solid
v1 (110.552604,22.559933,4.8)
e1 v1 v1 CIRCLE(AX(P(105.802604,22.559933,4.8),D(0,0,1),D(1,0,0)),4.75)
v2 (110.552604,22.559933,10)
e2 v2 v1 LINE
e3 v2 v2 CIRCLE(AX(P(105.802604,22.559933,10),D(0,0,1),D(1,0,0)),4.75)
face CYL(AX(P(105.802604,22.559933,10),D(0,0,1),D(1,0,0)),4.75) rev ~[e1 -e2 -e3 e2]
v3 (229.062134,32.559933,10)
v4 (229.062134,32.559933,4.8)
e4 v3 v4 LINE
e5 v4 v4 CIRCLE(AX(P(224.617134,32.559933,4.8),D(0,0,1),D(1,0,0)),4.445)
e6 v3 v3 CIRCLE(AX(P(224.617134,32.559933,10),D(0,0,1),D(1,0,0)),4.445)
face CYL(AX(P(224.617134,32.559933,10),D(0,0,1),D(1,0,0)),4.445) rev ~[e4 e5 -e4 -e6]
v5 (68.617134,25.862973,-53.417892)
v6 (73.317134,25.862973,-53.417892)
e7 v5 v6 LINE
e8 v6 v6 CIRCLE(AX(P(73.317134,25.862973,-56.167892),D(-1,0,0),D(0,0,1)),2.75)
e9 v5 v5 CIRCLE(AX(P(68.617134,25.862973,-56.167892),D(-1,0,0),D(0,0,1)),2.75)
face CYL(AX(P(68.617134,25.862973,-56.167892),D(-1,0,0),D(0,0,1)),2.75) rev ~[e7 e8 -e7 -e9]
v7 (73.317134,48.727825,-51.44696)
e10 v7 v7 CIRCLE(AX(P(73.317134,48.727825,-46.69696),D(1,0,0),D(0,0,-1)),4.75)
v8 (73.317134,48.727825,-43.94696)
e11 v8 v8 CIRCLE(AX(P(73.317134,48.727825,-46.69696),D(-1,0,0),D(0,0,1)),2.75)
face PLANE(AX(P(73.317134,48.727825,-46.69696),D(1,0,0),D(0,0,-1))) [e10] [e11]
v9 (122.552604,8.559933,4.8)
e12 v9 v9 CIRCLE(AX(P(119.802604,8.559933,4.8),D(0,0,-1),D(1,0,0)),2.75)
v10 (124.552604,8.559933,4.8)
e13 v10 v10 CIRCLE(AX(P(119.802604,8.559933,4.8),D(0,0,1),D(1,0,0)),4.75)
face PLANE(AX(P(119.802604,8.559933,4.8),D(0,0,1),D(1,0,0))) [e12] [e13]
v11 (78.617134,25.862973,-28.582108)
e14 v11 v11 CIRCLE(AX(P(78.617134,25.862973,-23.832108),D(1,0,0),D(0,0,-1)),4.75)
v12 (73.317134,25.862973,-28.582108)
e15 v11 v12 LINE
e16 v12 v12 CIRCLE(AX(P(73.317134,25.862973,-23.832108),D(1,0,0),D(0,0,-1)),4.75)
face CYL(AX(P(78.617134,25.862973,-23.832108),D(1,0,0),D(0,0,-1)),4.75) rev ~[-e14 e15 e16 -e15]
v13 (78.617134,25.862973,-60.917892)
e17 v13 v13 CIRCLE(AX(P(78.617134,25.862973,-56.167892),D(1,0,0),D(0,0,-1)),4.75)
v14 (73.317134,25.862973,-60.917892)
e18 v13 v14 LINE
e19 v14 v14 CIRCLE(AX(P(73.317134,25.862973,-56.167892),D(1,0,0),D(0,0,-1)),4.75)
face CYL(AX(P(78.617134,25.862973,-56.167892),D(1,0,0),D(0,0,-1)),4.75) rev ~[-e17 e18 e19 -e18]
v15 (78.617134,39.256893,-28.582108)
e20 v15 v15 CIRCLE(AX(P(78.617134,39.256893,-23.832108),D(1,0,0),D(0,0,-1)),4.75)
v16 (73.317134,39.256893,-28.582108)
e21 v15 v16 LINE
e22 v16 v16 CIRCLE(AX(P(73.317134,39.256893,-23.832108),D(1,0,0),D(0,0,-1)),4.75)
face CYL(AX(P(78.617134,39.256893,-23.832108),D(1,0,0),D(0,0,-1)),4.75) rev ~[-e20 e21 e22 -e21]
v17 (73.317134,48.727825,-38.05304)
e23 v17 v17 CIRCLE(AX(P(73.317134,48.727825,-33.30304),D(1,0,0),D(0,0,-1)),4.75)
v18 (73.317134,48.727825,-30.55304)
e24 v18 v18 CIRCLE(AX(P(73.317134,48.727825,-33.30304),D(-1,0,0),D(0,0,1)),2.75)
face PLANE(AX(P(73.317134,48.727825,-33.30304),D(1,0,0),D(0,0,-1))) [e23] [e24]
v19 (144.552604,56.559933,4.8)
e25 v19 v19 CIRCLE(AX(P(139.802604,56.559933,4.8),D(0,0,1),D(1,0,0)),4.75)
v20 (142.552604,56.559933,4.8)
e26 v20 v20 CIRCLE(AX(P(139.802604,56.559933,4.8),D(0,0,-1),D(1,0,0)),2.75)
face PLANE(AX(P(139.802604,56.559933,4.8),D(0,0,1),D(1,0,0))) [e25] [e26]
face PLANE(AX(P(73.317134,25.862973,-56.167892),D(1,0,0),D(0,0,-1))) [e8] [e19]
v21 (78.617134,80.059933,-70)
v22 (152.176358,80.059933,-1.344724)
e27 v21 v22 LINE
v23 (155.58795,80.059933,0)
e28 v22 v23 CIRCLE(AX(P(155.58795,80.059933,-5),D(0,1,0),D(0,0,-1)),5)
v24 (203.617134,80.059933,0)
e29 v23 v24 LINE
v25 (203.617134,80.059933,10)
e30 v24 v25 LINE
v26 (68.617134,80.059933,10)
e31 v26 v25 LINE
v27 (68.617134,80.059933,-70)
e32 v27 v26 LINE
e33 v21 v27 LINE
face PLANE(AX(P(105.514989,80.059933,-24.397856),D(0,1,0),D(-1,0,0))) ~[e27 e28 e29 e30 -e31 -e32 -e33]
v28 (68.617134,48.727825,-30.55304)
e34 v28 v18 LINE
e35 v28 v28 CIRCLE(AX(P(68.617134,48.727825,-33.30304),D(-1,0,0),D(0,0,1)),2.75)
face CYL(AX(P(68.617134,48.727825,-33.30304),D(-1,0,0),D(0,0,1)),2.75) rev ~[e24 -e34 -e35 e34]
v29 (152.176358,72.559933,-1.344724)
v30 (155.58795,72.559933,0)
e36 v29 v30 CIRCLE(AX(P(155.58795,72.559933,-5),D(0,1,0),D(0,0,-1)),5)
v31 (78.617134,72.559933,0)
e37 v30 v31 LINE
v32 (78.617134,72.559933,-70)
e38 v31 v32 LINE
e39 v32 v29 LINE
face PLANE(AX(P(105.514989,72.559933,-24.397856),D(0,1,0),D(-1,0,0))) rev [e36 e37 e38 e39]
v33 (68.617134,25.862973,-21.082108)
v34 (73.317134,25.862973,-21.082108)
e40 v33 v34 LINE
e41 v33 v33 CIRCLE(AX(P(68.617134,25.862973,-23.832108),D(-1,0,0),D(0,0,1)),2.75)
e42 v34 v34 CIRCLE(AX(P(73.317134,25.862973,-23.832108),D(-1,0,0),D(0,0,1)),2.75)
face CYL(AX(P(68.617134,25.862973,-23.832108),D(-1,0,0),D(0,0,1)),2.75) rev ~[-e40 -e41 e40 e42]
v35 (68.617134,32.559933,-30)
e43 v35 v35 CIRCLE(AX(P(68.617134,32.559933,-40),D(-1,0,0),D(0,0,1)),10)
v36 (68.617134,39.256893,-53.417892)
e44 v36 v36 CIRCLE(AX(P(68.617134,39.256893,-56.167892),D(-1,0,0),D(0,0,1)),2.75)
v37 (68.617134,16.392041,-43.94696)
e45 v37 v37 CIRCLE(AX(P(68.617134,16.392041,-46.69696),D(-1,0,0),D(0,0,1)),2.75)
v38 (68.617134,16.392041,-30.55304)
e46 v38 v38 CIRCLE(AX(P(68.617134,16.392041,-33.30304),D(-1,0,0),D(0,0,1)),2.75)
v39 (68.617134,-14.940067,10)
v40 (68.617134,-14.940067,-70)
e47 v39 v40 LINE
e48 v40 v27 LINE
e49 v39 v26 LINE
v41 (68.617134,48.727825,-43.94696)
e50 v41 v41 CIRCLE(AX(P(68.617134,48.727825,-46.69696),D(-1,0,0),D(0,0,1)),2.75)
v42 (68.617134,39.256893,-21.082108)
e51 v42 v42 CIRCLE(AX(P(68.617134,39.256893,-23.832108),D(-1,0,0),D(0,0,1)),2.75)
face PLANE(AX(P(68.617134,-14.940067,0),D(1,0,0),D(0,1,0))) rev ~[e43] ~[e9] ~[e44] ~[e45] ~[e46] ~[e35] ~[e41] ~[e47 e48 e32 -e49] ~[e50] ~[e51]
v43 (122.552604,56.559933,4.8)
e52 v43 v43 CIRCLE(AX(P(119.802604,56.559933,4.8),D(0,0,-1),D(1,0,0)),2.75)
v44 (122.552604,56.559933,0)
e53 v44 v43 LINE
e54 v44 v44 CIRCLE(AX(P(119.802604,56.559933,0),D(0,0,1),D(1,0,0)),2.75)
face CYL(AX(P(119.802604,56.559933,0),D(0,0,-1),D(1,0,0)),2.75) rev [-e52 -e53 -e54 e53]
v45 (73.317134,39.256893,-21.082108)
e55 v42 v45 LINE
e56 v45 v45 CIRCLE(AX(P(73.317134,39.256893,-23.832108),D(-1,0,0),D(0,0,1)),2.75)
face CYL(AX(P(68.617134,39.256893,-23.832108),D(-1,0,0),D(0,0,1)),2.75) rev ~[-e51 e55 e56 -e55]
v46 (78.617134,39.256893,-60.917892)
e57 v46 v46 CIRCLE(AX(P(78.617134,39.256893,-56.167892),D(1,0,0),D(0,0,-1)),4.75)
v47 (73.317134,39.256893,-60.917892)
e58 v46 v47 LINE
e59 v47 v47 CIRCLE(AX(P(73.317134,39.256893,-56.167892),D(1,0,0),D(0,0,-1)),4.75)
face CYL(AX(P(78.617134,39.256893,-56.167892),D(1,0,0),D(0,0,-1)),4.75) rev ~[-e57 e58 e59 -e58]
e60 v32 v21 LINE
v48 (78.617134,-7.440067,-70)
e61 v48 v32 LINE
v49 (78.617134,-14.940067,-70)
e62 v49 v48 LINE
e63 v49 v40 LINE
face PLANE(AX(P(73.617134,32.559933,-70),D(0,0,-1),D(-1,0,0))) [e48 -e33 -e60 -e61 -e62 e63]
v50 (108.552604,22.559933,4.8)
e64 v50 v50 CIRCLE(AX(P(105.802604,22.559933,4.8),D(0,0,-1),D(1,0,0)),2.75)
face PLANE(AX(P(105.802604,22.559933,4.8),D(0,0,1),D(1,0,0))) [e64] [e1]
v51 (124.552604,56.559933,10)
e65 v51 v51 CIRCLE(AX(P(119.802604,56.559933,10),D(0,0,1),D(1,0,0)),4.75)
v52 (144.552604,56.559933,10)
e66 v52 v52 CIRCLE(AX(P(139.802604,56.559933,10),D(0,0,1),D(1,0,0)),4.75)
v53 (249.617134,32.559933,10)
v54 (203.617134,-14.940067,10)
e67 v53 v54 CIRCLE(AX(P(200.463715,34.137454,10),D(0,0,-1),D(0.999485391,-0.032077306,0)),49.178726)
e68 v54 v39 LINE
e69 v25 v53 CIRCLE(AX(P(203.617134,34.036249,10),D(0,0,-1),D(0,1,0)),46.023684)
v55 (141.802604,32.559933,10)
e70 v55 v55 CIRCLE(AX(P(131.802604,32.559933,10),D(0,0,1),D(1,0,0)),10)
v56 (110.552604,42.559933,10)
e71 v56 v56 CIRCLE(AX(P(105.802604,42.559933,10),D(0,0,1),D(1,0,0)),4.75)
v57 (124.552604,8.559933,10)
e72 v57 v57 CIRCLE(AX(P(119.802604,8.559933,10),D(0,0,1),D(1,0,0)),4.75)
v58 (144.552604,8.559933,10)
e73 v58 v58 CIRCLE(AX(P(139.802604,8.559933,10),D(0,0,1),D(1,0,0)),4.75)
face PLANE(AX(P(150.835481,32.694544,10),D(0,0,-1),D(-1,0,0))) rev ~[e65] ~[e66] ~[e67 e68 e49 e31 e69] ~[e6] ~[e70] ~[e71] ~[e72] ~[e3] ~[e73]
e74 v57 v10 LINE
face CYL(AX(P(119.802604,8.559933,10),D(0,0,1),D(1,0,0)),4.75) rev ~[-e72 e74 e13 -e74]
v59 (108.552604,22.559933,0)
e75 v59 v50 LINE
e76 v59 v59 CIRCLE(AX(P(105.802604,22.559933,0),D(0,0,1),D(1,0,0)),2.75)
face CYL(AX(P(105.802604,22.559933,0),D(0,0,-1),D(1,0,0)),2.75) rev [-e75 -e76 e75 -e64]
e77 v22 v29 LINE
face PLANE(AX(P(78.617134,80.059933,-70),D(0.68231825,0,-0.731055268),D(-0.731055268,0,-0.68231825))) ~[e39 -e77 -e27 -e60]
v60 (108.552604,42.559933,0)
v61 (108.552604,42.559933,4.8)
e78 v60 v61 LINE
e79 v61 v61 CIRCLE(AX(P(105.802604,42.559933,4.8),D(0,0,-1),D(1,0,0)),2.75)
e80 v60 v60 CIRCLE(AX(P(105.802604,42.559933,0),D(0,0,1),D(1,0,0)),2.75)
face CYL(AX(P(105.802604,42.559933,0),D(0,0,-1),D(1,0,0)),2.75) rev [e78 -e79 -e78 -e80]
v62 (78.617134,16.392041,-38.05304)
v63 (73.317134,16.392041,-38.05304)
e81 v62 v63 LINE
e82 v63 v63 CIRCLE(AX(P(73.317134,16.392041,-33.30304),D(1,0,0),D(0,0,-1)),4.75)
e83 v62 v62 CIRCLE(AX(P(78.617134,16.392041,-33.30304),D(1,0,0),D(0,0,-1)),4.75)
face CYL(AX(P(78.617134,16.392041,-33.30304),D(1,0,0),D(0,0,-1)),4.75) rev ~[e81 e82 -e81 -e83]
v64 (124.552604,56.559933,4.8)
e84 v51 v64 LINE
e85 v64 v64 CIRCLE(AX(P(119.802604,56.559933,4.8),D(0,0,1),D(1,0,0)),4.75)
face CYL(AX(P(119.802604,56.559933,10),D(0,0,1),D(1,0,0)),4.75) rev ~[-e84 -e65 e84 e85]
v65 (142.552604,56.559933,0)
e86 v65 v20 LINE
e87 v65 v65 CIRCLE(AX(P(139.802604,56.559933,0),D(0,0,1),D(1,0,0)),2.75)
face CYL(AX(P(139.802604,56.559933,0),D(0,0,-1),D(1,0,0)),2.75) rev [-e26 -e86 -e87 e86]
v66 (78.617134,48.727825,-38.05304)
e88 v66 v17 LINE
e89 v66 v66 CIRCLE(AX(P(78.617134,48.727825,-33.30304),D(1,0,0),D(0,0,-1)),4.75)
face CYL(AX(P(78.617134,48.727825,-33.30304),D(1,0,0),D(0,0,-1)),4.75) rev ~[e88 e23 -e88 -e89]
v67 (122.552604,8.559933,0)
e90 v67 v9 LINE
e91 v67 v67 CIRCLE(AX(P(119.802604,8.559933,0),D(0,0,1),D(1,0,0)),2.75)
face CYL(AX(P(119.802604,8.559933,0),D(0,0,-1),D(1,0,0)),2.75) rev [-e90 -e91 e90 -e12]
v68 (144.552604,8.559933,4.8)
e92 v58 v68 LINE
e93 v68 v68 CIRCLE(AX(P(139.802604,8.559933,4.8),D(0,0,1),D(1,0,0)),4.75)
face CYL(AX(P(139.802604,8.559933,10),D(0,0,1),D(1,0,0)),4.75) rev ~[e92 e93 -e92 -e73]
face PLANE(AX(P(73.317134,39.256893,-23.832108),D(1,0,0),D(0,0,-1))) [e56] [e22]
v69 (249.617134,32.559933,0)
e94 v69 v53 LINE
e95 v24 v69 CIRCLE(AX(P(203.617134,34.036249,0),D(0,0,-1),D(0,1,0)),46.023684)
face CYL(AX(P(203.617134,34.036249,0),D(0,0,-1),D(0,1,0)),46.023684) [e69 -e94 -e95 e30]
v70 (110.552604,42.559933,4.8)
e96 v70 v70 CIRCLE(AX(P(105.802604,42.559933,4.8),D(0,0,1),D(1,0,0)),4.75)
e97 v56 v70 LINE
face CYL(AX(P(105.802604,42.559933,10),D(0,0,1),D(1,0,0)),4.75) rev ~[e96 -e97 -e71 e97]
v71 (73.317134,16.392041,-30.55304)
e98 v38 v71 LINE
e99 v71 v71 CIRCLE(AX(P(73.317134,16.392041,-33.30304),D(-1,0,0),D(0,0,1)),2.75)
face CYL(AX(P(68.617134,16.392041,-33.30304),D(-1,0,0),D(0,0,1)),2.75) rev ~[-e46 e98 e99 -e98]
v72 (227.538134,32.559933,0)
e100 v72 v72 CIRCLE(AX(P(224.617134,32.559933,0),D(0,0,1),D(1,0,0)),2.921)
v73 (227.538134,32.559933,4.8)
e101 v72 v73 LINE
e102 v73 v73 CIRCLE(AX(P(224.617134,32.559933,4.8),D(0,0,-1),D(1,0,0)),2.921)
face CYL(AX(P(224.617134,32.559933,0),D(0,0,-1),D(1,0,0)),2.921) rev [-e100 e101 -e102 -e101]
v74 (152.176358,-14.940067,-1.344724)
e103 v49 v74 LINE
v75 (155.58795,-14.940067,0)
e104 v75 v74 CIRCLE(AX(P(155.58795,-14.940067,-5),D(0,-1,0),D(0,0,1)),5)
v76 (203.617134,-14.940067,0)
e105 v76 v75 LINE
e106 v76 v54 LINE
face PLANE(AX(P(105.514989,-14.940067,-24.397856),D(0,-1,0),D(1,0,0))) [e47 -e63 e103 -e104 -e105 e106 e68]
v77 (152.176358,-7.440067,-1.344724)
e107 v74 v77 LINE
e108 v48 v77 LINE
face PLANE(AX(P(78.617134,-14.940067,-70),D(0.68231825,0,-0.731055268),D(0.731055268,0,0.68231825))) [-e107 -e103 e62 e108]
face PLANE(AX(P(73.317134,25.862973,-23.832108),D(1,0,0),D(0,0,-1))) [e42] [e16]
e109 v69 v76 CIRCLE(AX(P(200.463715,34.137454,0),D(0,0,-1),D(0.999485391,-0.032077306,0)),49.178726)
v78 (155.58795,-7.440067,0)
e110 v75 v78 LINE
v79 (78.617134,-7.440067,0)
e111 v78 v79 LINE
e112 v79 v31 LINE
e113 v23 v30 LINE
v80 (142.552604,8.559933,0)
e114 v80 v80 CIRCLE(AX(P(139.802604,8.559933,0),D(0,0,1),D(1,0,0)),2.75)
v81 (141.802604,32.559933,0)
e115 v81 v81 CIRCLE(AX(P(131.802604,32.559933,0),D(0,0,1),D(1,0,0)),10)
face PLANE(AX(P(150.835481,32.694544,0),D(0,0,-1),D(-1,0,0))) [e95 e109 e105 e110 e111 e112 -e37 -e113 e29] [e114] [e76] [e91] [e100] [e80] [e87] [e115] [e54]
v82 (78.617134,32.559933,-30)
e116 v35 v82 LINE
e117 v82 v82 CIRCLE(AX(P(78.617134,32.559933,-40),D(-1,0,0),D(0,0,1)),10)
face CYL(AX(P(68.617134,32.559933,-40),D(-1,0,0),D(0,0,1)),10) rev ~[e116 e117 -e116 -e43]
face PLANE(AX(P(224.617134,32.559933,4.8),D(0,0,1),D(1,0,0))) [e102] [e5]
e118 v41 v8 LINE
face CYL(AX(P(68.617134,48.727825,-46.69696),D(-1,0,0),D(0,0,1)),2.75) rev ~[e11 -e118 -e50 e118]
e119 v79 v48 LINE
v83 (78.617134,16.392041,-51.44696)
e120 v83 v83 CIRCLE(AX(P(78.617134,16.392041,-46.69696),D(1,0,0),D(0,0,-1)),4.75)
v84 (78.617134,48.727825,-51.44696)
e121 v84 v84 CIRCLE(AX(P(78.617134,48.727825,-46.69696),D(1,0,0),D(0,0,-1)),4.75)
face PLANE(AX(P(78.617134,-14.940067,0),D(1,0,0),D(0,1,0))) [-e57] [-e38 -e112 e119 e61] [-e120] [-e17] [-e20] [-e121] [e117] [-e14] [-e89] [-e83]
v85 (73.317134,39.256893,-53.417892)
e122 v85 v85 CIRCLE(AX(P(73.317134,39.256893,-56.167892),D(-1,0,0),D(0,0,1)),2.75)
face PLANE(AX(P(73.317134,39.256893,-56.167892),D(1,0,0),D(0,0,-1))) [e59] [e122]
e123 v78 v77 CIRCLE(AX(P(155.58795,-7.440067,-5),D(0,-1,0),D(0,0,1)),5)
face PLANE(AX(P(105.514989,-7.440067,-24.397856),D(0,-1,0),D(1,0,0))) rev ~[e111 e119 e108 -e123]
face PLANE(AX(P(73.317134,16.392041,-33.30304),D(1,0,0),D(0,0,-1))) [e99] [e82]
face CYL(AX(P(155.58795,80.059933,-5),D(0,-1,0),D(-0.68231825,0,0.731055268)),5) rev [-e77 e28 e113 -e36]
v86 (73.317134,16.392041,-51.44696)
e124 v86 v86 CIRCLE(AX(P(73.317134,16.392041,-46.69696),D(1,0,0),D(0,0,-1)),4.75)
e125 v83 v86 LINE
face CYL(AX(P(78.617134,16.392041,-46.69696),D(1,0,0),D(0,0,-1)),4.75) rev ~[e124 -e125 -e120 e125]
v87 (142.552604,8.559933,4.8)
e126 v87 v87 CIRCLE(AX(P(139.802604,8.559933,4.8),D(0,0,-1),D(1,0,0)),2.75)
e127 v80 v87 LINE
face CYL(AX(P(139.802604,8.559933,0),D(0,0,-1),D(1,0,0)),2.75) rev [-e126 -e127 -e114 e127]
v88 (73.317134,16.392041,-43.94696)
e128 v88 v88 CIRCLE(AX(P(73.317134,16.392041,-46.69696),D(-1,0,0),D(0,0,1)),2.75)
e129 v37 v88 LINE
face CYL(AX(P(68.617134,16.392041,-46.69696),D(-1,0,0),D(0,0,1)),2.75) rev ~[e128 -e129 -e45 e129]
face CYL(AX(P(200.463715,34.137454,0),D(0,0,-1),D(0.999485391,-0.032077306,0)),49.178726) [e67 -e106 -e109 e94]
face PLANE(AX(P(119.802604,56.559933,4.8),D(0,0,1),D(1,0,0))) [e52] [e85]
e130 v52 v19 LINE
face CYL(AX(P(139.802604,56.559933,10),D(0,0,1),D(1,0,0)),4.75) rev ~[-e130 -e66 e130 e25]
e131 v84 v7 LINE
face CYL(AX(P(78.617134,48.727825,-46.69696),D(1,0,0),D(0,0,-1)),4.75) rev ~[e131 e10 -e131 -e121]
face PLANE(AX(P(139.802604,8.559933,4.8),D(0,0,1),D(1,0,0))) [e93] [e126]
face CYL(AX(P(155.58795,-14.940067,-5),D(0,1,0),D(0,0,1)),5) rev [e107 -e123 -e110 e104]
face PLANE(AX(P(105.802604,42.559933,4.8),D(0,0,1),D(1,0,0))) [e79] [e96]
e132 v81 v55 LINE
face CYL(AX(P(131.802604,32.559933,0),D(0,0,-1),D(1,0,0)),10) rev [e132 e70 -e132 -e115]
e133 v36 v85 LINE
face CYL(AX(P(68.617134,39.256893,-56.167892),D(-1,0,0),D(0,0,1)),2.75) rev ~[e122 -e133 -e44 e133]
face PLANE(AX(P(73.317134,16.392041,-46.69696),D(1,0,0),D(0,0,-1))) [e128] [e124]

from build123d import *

# Parameters (mm, degrees)
SKETCH3_R           = 2.921
SKETCH3_R_2         = 10
SKETCH3_R_3         = 2.75
BOSS_EXTRUDE1_DEPTH = 10
SKETCH4_W           = 10
SKETCH4_H           = 95
BOSS_EXTRUDE2_DEPTH = 70
SKETCH8_R           = 10
SKETCH8_R_2         = 2.75
CUT_EXTRUDE2_DEPTH  = 43.8
BOSS_EXTRUDE3_DEPTH = 7.5
FILLET1_R           = 5
SKETCH14_R          = 4.75
SKETCH14_R_2        = 4.445
CUT_EXTRUDE4_DEPTH  = 5.2
SKETCH15_R          = 4.75
CUT_EXTRUDE5_DEPTH  = 5.3


with BuildPart() as part:
    # Sketch3 → Boss-Extrude1 (new body)
    with BuildSketch(Plane.XY):
        with BuildLine():
            Line((163.617133813, 80.05993294), (203.617133813, 80.05993294))
            ThreePointArc((203.617133813, 80.05993294), (236.678629544, 66.053697227), (249.617133813, 32.55993294))
            ThreePointArc((249.617133813, 32.55993294), (235.791661756, -0.074873068), (203.617133813, -14.94006706))
            Line((203.617133813, -14.94006706), (163.617133813, -14.94006706))
            Line((163.617133813, -14.94006706), (68.617133813, -14.94006706))
            Line((68.617133813, -14.94006706), (68.617133813, 80.05993294))
            Line((68.617133813, 80.05993294), (163.617133813, 80.05993294))
        make_face()
        with Locations((224.617133813, 32.55993294)):
            Circle(SKETCH3_R, mode=Mode.SUBTRACT)
        with Locations((131.802603987, 32.55993294)):
            Circle(SKETCH3_R_2, mode=Mode.SUBTRACT)
        with Locations((139.802603987, 8.55993294)):
            Circle(SKETCH3_R_3, mode=Mode.SUBTRACT)
        with Locations((119.802603987, 8.55993294)):
            Circle(SKETCH3_R_3, mode=Mode.SUBTRACT)
        with Locations((105.802603987, 22.55993294)):
            Circle(SKETCH3_R_3, mode=Mode.SUBTRACT)
        with Locations((105.802603987, 42.55993294)):
            Circle(SKETCH3_R_3, mode=Mode.SUBTRACT)
        with Locations((119.802603987, 56.55993294)):
            Circle(SKETCH3_R_3, mode=Mode.SUBTRACT)
        with Locations((139.802603987, 56.55993294)):
            Circle(SKETCH3_R_3, mode=Mode.SUBTRACT)
    extrude(amount=BOSS_EXTRUDE1_DEPTH)

    # Sketch4 → Boss-Extrude2 (add)
    with BuildSketch(Plane(origin=(0, 0, 0), x_dir=(-1, 0, 0), z_dir=(0, 0, -1))):
        with Locations((-73.617133813, 32.55993294)):
            Rectangle(SKETCH4_W, SKETCH4_H)
    extrude(amount=BOSS_EXTRUDE2_DEPTH)

    # Sketch8 → Cut-Extrude2 (cut)
    with BuildSketch(Plane.ZY.offset(-68.617133813)):
        with Locations((-40, 32.55993294)):
            Circle(SKETCH8_R)
        with Locations((-56.167891819, 25.862972874)):
            Circle(SKETCH8_R_2)
        with Locations((-56.167891819, 39.256893006)):
            Circle(SKETCH8_R_2)
        with Locations((-46.696960066, 48.727824759)):
            Circle(SKETCH8_R_2)
        with Locations((-33.303039934, 48.727824759)):
            Circle(SKETCH8_R_2)
        with Locations((-23.832108181, 39.256893006)):
            Circle(SKETCH8_R_2)
        with Locations((-23.832108181, 25.862972874)):
            Circle(SKETCH8_R_2)
        with Locations((-33.303039934, 16.392041121)):
            Circle(SKETCH8_R_2)
        with Locations((-46.696960066, 16.392041121)):
            Circle(SKETCH8_R_2)
    extrude(amount=-CUT_EXTRUDE2_DEPTH, mode=Mode.SUBTRACT)

    # Sketch9 → Boss-Extrude3 (add)
    with BuildSketch(Plane.XZ.offset(14.94006706)):
        Polygon((78.617133813, -70), (153.617133813, 0), (78.617133813, 0), align=None)
    boss_extrude3 = extrude(amount=-BOSS_EXTRUDE3_DEPTH)

    # Mirror1: Boss-Extrude3 across plane
    add(boss_extrude3.mirror(Plane(origin=(0, 32.55993294, 0), x_dir=(0, 0, 1), z_dir=(0, -1, 0))))

    # Fillet1
    fillet1_edges = [part.edges().sort_by_distance(p)[0] for p in [
        (153.617133813, -11.19006706, 0),
        (153.617133813, 76.30993294, 0),
    ]]
    fillet(fillet1_edges, radius=FILLET1_R)

    # Sketch14 → Cut-Extrude4 (cut)
    with BuildSketch(Plane.XY.offset(10)):
        with Locations((119.802603987, 56.55993294)):
            Circle(SKETCH14_R)
        with Locations((139.802603987, 56.55993294)):
            Circle(SKETCH14_R)
        with Locations((105.802603987, 42.55993294)):
            Circle(SKETCH14_R)
        with Locations((119.802603987, 8.55993294)):
            Circle(SKETCH14_R)
        with Locations((139.802603987, 8.55993294)):
            Circle(SKETCH14_R)
        with Locations((105.802603987, 22.55993294)):
            Circle(SKETCH14_R)
        with Locations((224.617133813, 32.55993294)):
            Circle(SKETCH14_R_2)
    extrude(amount=-CUT_EXTRUDE4_DEPTH, mode=Mode.SUBTRACT)

    # Sketch15 → Cut-Extrude5 (cut)
    with BuildSketch(Plane(origin=(78.617133813, 0, 0), x_dir=(0, 0, -1), z_dir=(1, 0, 0))):
        with Locations((23.832108181, 39.256893006)):
            Circle(SKETCH15_R)
        with Locations((33.303039934, 48.727824759)):
            Circle(SKETCH15_R)
        with Locations((46.696960066, 48.727824759)):
            Circle(SKETCH15_R)
        with Locations((56.167891819, 39.256893006)):
            Circle(SKETCH15_R)
        with Locations((56.167891819, 25.862972874)):
            Circle(SKETCH15_R)
        with Locations((46.696960066, 16.392041121)):
            Circle(SKETCH15_R)
        with Locations((33.303039934, 16.392041121)):
            Circle(SKETCH15_R)
        with Locations((23.832108181, 25.862972874)):
            Circle(SKETCH15_R)
    extrude(amount=-CUT_EXTRUDE5_DEPTH, mode=Mode.SUBTRACT)


solid = part.part
